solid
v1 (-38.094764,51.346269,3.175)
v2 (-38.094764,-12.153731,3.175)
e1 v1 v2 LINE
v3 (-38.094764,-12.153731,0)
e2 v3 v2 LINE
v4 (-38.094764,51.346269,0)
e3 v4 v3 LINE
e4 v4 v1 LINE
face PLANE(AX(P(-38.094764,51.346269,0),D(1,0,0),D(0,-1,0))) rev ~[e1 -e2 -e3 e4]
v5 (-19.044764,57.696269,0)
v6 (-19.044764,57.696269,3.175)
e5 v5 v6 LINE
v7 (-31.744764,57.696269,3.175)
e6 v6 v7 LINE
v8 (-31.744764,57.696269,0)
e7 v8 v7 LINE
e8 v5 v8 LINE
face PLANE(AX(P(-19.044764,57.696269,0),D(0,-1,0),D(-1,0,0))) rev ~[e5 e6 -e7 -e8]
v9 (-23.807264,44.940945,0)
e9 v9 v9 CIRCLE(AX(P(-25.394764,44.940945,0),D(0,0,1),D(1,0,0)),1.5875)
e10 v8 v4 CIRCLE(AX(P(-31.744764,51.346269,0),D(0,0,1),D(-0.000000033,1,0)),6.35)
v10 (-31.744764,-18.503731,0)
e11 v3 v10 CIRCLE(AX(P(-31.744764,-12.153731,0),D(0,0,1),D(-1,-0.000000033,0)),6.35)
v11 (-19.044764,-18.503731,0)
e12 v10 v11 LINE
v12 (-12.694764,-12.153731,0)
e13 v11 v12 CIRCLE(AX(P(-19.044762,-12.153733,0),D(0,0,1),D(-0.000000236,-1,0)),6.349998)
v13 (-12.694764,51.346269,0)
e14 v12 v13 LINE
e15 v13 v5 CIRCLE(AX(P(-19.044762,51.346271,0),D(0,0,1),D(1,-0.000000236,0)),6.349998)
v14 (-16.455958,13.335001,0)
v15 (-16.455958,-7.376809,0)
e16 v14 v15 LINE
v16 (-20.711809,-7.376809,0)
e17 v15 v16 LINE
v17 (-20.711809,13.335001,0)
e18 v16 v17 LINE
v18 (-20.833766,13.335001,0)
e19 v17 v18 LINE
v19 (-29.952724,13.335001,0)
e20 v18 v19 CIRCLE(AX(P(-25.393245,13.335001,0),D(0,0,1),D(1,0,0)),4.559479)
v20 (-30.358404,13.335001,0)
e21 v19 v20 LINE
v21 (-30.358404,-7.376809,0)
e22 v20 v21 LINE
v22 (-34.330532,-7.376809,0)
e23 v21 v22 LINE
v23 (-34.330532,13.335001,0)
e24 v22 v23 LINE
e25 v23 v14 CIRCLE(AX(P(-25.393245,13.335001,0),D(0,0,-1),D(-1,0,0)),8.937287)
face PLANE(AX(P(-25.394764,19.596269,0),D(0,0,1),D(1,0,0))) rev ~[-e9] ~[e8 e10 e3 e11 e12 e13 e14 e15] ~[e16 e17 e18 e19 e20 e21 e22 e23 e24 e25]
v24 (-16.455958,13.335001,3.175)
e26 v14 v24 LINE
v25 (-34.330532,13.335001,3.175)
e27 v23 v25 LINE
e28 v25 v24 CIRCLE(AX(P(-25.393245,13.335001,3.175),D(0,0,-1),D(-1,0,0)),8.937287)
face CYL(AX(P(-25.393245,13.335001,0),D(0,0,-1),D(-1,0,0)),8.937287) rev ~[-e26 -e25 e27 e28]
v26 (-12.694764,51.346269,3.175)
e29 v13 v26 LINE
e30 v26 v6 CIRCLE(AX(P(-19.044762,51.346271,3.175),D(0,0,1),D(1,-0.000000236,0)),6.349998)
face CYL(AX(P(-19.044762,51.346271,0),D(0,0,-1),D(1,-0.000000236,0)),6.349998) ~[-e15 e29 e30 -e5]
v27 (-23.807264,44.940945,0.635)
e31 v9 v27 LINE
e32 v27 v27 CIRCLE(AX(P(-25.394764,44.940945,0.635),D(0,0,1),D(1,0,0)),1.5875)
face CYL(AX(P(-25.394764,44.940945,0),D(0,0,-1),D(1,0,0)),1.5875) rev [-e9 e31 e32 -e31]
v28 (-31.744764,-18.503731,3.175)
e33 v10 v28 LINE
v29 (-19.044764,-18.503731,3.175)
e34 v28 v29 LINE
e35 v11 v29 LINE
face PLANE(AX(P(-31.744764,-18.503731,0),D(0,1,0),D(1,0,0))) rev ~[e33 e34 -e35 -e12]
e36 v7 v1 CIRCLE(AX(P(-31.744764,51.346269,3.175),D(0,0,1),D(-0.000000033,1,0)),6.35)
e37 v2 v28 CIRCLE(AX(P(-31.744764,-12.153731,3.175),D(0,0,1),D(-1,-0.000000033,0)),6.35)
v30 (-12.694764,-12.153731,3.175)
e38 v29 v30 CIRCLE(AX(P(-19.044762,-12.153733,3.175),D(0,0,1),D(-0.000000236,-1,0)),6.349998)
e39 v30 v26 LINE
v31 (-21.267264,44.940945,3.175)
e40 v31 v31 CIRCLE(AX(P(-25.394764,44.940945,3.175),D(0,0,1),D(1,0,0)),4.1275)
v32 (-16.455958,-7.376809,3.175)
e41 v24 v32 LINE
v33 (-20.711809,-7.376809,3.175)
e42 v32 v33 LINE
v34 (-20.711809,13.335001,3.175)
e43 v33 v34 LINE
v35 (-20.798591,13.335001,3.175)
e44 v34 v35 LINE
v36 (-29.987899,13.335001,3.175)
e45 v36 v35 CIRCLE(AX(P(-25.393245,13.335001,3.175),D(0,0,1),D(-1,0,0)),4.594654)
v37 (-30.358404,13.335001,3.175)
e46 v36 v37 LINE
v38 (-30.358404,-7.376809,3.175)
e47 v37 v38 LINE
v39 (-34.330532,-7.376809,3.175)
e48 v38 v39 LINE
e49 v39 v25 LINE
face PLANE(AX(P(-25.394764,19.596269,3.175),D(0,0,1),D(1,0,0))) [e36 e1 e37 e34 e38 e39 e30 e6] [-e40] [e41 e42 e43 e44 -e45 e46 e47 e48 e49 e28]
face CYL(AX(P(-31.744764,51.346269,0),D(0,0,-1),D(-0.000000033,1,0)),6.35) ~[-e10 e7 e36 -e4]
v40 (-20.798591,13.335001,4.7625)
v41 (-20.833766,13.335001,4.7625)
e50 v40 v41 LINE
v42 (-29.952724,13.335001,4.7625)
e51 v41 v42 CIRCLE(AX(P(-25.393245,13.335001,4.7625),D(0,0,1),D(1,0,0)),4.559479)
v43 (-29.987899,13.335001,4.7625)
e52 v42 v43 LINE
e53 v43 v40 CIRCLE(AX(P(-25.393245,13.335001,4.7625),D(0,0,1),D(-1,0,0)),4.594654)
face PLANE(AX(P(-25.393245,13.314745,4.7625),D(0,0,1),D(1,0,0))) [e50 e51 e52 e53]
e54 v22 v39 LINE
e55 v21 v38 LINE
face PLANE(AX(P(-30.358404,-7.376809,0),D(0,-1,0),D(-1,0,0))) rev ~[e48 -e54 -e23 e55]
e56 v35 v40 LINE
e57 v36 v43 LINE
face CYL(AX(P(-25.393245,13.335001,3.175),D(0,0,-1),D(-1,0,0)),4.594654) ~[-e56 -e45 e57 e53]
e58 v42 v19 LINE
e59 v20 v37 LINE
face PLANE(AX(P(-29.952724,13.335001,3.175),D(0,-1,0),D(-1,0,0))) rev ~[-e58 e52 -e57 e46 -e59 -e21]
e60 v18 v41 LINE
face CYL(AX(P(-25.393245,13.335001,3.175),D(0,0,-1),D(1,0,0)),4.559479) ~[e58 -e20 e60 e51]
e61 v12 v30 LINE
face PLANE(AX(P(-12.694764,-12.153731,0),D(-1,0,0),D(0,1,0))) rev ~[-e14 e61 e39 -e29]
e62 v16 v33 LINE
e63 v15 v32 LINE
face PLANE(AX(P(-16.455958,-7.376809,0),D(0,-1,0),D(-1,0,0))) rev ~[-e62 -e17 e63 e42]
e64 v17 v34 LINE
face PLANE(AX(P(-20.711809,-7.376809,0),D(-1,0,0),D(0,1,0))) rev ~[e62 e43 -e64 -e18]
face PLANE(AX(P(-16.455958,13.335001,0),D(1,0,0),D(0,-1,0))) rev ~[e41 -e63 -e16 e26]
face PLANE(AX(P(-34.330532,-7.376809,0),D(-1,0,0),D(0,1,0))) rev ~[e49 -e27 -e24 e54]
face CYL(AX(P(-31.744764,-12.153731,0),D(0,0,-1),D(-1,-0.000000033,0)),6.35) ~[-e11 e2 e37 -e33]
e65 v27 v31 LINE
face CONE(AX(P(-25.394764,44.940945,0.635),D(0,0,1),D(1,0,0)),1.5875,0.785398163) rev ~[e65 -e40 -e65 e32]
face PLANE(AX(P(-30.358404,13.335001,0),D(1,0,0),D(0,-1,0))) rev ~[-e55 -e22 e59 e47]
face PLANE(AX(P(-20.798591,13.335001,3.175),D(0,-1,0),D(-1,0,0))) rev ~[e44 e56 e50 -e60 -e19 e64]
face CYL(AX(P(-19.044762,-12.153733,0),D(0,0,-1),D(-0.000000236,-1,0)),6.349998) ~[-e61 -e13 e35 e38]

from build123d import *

# Parameters (mm, degrees)
F0_R     = 1.5875
F1_DEPTH = 3.175
F3_DEPTH = 1.5875
F4_SIZE  = 2.54


with BuildPart() as f1:
    # F0 (on Top) → F1 (new body)
    with BuildSketch(Plane.XY):
        with BuildLine():
            ThreePointArc((-38.094764, -12.153731), (-36.234892, -16.643859), (-31.744764, -18.503731))
            Line((-31.744764, -18.503731), (-19.044764, -18.503731))
            ThreePointArc((-19.044764, -18.503731), (-14.554635, -16.643859), (-12.694764, -12.153731))
            Line((-12.694764, -12.153731), (-12.694764, 51.346269))
            ThreePointArc((-12.694764, 51.346269), (-14.554635, 55.836397), (-19.044764, 57.696269))
            Line((-19.044764, 57.696269), (-31.744764, 57.696269))
            ThreePointArc((-31.744764, 57.696269), (-36.234892, 55.836397), (-38.094764, 51.346269))
            Line((-38.094764, 51.346269), (-38.094764, -12.153731))
        make_face()
        with BuildLine():
            Line((-29.952724, 13.335001), (-30.358404, 13.335001))
            Line((-30.358404, 13.335001), (-30.358404, -7.376809))
            Line((-30.358404, -7.376809), (-34.330532, -7.376809))
            Line((-34.330532, -7.376809), (-34.330532, 13.335001))
            ThreePointArc((-34.330532, 13.335001), (-25.393245, 22.272288), (-16.455958, 13.335001))
            Line((-16.455958, 13.335001), (-16.455958, -7.376809))
            Line((-16.455958, -7.376809), (-20.711809, -7.376809))
            Line((-20.711809, -7.376809), (-20.711809, 13.335001))
            Line((-20.711809, 13.335001), (-20.833766, 13.335001))
            ThreePointArc((-20.833766, 13.335001), (-25.393245, 17.89448), (-29.952724, 13.335001))
        make_face(mode=Mode.SUBTRACT)
        with Locations((-25.394764, 44.940945)):
            Circle(F0_R, mode=Mode.SUBTRACT)
    extrude(amount=F1_DEPTH)

    # F2 (on face) → F3 (join)
    with BuildSketch(Plane.XY.offset(3.175)):
        with BuildLine():
            ThreePointArc((-29.987899, 13.335001), (-25.393245, 8.740347), (-20.798591, 13.335001))
            Line((-20.798591, 13.335001), (-20.833766, 13.335001))
            ThreePointArc((-20.833766, 13.335001), (-25.393245, 17.89448), (-29.952724, 13.335001))
            Line((-29.952724, 13.335001), (-29.987899, 13.335001))
        make_face()
    extrude(amount=F3_DEPTH)

    # F4
    f4_edges = [f1.edges().sort_by_distance(p)[0] for p in [
        (-26.982264, 44.940945, 3.175),
    ]]
    chamfer(f4_edges, length=F4_SIZE)


solid = f1.part
